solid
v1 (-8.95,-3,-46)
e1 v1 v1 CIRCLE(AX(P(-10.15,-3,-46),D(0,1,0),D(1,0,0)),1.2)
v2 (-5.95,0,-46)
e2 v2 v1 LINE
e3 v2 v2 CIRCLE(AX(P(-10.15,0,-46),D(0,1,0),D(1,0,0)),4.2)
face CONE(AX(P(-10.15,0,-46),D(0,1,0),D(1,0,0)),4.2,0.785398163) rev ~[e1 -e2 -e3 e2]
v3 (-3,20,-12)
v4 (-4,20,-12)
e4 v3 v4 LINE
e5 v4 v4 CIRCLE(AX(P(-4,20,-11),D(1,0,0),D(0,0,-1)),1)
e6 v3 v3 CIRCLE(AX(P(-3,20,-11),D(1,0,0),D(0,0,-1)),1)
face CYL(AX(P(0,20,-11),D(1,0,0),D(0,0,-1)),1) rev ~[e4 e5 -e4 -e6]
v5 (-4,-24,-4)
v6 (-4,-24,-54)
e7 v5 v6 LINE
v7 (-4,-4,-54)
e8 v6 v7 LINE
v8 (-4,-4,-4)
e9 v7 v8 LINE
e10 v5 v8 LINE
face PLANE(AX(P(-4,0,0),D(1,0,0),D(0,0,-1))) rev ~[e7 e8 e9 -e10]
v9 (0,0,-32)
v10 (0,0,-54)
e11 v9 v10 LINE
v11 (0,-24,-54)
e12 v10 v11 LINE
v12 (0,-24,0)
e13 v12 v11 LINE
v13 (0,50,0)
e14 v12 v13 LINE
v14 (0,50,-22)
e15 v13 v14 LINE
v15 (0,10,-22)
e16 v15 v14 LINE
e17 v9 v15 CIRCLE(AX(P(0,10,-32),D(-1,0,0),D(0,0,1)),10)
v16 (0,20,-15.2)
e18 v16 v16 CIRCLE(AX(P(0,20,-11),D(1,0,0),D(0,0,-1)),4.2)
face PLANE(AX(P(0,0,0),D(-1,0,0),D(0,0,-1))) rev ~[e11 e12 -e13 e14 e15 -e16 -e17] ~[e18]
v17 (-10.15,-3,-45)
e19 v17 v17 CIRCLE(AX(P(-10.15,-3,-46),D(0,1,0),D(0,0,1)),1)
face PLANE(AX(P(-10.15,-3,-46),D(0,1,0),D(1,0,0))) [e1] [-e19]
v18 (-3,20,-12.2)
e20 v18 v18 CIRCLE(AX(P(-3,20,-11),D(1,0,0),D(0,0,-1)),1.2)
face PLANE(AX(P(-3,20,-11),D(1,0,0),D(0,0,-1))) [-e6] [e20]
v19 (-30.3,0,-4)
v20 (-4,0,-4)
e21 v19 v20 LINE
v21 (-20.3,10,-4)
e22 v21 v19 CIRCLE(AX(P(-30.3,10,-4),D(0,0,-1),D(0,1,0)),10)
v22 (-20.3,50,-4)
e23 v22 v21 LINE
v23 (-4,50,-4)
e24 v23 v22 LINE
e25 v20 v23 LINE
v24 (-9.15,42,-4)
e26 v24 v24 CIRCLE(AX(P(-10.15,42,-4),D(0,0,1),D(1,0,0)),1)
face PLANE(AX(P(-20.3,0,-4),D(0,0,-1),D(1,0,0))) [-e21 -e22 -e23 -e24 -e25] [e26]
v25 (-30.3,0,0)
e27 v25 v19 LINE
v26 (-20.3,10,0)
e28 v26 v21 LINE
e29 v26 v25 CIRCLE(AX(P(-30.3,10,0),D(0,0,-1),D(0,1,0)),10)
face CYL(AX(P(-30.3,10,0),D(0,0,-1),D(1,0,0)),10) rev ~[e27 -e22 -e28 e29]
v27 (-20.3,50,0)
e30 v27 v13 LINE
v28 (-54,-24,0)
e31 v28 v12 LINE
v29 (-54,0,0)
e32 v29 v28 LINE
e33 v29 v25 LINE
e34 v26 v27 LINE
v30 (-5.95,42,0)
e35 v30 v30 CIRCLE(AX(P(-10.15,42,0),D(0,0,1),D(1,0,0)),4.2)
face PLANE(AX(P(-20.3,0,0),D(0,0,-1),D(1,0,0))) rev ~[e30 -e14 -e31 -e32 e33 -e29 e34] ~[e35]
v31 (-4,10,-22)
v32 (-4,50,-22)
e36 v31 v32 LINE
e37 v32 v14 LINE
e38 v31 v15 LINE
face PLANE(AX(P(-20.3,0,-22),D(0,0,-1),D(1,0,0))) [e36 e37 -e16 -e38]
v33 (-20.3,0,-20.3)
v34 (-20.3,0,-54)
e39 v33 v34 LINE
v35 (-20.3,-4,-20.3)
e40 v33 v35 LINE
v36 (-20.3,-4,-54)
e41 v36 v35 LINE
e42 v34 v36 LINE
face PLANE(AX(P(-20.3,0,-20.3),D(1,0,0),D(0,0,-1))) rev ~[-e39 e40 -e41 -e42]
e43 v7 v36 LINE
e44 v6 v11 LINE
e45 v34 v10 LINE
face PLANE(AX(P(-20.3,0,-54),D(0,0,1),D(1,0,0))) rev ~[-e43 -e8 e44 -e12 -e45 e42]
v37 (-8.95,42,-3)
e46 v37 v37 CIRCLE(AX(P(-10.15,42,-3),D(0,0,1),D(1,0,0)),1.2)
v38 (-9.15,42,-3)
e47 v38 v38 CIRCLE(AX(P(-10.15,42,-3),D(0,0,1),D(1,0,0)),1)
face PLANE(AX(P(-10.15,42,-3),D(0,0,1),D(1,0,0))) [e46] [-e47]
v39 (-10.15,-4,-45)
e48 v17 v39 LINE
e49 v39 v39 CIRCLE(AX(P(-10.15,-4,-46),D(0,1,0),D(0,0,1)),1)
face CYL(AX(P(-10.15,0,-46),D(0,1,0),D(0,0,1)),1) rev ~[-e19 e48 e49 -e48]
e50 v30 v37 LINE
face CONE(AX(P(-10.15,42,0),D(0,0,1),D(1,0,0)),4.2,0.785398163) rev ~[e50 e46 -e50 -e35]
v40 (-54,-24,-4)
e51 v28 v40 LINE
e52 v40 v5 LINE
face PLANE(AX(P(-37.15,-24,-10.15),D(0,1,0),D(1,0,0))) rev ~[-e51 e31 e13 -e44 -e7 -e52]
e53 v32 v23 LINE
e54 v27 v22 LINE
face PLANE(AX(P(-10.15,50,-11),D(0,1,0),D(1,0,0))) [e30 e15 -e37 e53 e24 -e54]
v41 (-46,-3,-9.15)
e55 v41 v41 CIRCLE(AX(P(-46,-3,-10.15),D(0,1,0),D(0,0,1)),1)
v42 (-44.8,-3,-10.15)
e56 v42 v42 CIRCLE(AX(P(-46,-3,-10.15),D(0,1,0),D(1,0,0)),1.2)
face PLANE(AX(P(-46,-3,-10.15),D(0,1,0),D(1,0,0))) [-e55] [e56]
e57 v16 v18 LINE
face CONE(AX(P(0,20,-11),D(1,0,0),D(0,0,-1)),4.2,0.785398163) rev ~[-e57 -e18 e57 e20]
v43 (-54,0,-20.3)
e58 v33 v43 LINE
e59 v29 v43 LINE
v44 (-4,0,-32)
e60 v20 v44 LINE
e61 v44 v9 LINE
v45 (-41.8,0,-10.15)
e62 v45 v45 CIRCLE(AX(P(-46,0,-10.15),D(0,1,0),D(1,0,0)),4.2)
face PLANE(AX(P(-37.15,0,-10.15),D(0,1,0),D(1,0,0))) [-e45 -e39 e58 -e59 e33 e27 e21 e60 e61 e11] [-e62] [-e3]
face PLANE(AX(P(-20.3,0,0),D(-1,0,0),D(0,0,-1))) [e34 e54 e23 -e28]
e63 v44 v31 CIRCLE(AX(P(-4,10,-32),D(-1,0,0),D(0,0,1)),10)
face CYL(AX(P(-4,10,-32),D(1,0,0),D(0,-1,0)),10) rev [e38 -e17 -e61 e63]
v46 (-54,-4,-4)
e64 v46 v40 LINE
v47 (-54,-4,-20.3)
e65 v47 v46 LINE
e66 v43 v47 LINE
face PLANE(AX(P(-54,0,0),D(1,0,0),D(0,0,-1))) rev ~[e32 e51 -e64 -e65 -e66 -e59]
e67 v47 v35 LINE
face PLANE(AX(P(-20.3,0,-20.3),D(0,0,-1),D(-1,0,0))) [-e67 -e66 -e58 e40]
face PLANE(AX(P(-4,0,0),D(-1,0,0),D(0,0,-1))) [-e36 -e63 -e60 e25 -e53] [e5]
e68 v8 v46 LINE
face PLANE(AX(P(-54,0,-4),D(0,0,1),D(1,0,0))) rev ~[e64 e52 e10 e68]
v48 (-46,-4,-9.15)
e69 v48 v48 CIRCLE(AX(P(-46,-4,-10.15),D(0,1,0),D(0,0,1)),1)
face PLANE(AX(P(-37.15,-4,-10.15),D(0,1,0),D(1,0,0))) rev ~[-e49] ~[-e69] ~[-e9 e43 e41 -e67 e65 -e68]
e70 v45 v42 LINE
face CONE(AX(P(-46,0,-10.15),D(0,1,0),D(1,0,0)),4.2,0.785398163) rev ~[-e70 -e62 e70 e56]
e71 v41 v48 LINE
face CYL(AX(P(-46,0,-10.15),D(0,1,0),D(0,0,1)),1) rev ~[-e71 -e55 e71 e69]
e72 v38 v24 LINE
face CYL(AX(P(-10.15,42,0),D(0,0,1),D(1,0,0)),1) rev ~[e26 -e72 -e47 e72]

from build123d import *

# Parameters (mm, degrees)
SKETCH1_W                    = 33.7
SKETCH1_H                    = 20.3
SKETCH1_W_2                  = 20.3
SKETCH1_H_2                  = 33.7
BOSS_EXTRUDE1_DEPTH          = 24
SHELL1_T                     = -4
SKETCH2_R                    = 1
CUT_EXTRUDE1_DEPTH           = 24
SKETCH3_R                    = 4.2
CUT_EXTRUDE2_DEPTH           = 3
CUT_EXTRUDE2_DRAFT           = -45
CUT_EXTRUDE2_PROFILE_2_DEPTH = 3
CUT_EXTRUDE2_PROFILE_2_DRAFT = -45
SKETCH4_W                    = 20.3
SKETCH4_H                    = 22
BOSS_EXTRUDE2_DEPTH          = 50
SHELL2_T                     = -4
CUT_EXTRUDE3_REACH           = 93.28
SKETCH5_R                    = 1
SKETCH6_R                    = 4.2
CUT_EXTRUDE4_DEPTH           = 3
CUT_EXTRUDE4_DRAFT           = -45
CUT_EXTRUDE5_REACH           = 93.28
SKETCH7_R                    = 1
SKETCH8_R                    = 4.2
CUT_EXTRUDE6_DEPTH           = 3
CUT_EXTRUDE6_DRAFT           = -45
FILLET1_R                    = 10


with BuildPart() as part:
    # Sketch1 → Boss-Extrude1 (new body)
    with BuildSketch(Plane(origin=(0, 0, 0), x_dir=(1, 0, 0), z_dir=(0, 1, 0))):
        with Locations((-37.15, 10.15)):
            Rectangle(SKETCH1_W, SKETCH1_H)
        with Locations((-10.15, 10.15)):
            Rectangle(SKETCH1_W_2, SKETCH1_H)
        with Locations((-10.15, 37.15)):
            Rectangle(SKETCH1_W_2, SKETCH1_H_2)
    extrude(amount=-BOSS_EXTRUDE1_DEPTH)

    # Shell1
    shell1_openings = [part.faces().sort_by_distance(p)[0] for p in [
        (-53.236324676, -24, -10.15),
        (-54, -12, -10.15),
        (-37.15, -12, -20.3),
        (-20.3, -12, -37.15),
        (-10.15, -12, -54),
    ]]
    offset(amount=SHELL1_T, openings=shell1_openings, kind=Kind.INTERSECTION)

    # Sketch2 → Cut-Extrude1 (cut)
    with BuildSketch(Plane(origin=(0, 0, 0), x_dir=(1, 0, 0), z_dir=(0, 1, 0))):
        with Locations(Location((-10.15, 46, 0), (0, 0, 270))):
            Circle(SKETCH2_R)
        with Locations(Location((-46, 10.15, 0), (0, 0, 270))):
            Circle(SKETCH2_R)
    extrude(amount=-CUT_EXTRUDE1_DEPTH, mode=Mode.SUBTRACT)


with BuildPart() as cut_extrude2_tool:
    # Sketch3 → Cut-Extrude2 (with draft: the straight prism first)
    with BuildSketch(Plane(origin=(0, 0, 0), x_dir=(1, 0, 0), z_dir=(0, 1, 0))):
        with Locations((-46, 10.15)):
            Circle(SKETCH3_R)
    extrude(amount=-CUT_EXTRUDE2_DEPTH)
    # Cut-Extrude2: the draft: its side faces are tilted about the plane it starts from
    cut_extrude2_sides = [cut_extrude2_tool.faces().sort_by_distance(p)[0] for p in [
        (-50.2, -1.5, -10.15),
    ]]
    draft(cut_extrude2_sides, Plane(origin=(0, 0, 0), x_dir=(1, 0, 0), z_dir=(0, 1, 0)), CUT_EXTRUDE2_DRAFT)


with BuildPart() as part_1:
    add(part.part)

    # Cut-Extrude2: cut by cut_extrude2_tool
    add(cut_extrude2_tool.part, mode=Mode.SUBTRACT)


with BuildPart() as cut_extrude2_profile_2_tool:
    # Sketch3 → Cut-Extrude2 profile 2 (with draft: the straight prism first)
    with BuildSketch(Plane(origin=(0, 0, 0), x_dir=(1, 0, 0), z_dir=(0, 1, 0))):
        with Locations((-10.15, 46)):
            Circle(SKETCH3_R)
    extrude(amount=-CUT_EXTRUDE2_PROFILE_2_DEPTH)
    # Cut-Extrude2 profile 2: the draft: its side faces are tilted about the plane it starts from
    cut_extrude2_profile_2_sides = [cut_extrude2_profile_2_tool.faces().sort_by_distance(p)[0] for p in [
        (-14.35, -1.5, -46),
    ]]
    draft(cut_extrude2_profile_2_sides, Plane(origin=(0, 0, 0), x_dir=(1, 0, 0), z_dir=(0, 1, 0)), CUT_EXTRUDE2_PROFILE_2_DRAFT)


with BuildPart() as part_2:
    add(part_1.part)

    # Cut-Extrude2 profile 2: cut by cut_extrude2_profile_2_tool
    add(cut_extrude2_profile_2_tool.part, mode=Mode.SUBTRACT)


with BuildPart() as body_2:
    # Sketch4 → Boss-Extrude2 (new body)
    with BuildSketch(Plane(origin=(0, 0, 0), x_dir=(1, 0, 0), z_dir=(0, 1, 0))):
        with Locations((-10.15, 11)):
            Rectangle(SKETCH4_W, SKETCH4_H)
    extrude(amount=BOSS_EXTRUDE2_DEPTH)

    # Shell2
    shell2_openings = [body_2.faces().sort_by_distance(p)[0] for p in [
        (-10.15, 50, -11),
        (-10.15, 0, -11),
        (-20.3, 25, -11),
        (-10.15, 25, -22),
    ]]
    offset(amount=SHELL2_T, openings=shell2_openings, kind=Kind.INTERSECTION)


with BuildPart() as part_3:
    add(part_2.part)

    # Combine1: union body 2
    add(body_2.part)

    # Sketch5 → Cut-Extrude3 (cut, up to next)
    with BuildSketch(Plane.XY, mode=Mode.PRIVATE) as cut_extrude3_sk1:
        with Locations((-10.15, 42)):
            Circle(SKETCH5_R)
    cut_extrude3_tool1 = extrude(cut_extrude3_sk1.sketch, amount=-CUT_EXTRUDE3_REACH, mode=Mode.PRIVATE) & part_3.part
    add(cut_extrude3_tool1.solids().sort_by_distance((-10.15, 42, 0))[0], mode=Mode.SUBTRACT)


with BuildPart() as cut_extrude4_tool:
    # Sketch6 → Cut-Extrude4 (with draft: the straight prism first)
    with BuildSketch(Plane.XY):
        with Locations((-10.15, 42)):
            Circle(SKETCH6_R)
    extrude(amount=-CUT_EXTRUDE4_DEPTH)
    # Cut-Extrude4: the draft: its side faces are tilted about the plane it starts from
    cut_extrude4_sides = [cut_extrude4_tool.faces().sort_by_distance(p)[0] for p in [
        (-14.35, 42, -1.5),
    ]]
    draft(cut_extrude4_sides, Plane.XY, CUT_EXTRUDE4_DRAFT)


with BuildPart() as part_4:
    add(part_3.part)

    # Cut-Extrude4: cut by cut_extrude4_tool
    add(cut_extrude4_tool.part, mode=Mode.SUBTRACT)

    # Sketch7 → Cut-Extrude5 (cut, up to next)
    with BuildSketch(Plane(origin=(0, 0, 0), x_dir=(0, 0, -1), z_dir=(1, 0, 0)), mode=Mode.PRIVATE) as cut_extrude5_sk1:
        with Locations((11, 20)):
            Circle(SKETCH7_R)
    cut_extrude5_tool1 = extrude(cut_extrude5_sk1.sketch, amount=-CUT_EXTRUDE5_REACH, mode=Mode.PRIVATE) & part_4.part
    add(cut_extrude5_tool1.solids().sort_by_distance((0, 20, -11))[0], mode=Mode.SUBTRACT)


with BuildPart() as cut_extrude6_tool:
    # Sketch8 → Cut-Extrude6 (with draft: the straight prism first)
    with BuildSketch(Plane(origin=(0, 0, 0), x_dir=(0, 0, -1), z_dir=(1, 0, 0))):
        with Locations((11, 20)):
            Circle(SKETCH8_R)
    extrude(amount=-CUT_EXTRUDE6_DEPTH)
    # Cut-Extrude6: the draft: its side faces are tilted about the plane it starts from
    cut_extrude6_sides = [cut_extrude6_tool.faces().sort_by_distance(p)[0] for p in [
        (-1.5, 20, -6.8),
    ]]
    draft(cut_extrude6_sides, Plane(origin=(0, 0, 0), x_dir=(0, 0, -1), z_dir=(1, 0, 0)), CUT_EXTRUDE6_DRAFT)


with BuildPart() as part_5:
    add(part_4.part)

    # Cut-Extrude6: cut by cut_extrude6_tool
    add(cut_extrude6_tool.part, mode=Mode.SUBTRACT)

    # Fillet1
    fillet1_edges = [part_5.edges().sort_by_distance(p)[0] for p in [
        (-2, 0, -22),
        (-20.3, 0, -2),
    ]]
    fillet(fillet1_edges, radius=FILLET1_R)


solid = part_5.part
